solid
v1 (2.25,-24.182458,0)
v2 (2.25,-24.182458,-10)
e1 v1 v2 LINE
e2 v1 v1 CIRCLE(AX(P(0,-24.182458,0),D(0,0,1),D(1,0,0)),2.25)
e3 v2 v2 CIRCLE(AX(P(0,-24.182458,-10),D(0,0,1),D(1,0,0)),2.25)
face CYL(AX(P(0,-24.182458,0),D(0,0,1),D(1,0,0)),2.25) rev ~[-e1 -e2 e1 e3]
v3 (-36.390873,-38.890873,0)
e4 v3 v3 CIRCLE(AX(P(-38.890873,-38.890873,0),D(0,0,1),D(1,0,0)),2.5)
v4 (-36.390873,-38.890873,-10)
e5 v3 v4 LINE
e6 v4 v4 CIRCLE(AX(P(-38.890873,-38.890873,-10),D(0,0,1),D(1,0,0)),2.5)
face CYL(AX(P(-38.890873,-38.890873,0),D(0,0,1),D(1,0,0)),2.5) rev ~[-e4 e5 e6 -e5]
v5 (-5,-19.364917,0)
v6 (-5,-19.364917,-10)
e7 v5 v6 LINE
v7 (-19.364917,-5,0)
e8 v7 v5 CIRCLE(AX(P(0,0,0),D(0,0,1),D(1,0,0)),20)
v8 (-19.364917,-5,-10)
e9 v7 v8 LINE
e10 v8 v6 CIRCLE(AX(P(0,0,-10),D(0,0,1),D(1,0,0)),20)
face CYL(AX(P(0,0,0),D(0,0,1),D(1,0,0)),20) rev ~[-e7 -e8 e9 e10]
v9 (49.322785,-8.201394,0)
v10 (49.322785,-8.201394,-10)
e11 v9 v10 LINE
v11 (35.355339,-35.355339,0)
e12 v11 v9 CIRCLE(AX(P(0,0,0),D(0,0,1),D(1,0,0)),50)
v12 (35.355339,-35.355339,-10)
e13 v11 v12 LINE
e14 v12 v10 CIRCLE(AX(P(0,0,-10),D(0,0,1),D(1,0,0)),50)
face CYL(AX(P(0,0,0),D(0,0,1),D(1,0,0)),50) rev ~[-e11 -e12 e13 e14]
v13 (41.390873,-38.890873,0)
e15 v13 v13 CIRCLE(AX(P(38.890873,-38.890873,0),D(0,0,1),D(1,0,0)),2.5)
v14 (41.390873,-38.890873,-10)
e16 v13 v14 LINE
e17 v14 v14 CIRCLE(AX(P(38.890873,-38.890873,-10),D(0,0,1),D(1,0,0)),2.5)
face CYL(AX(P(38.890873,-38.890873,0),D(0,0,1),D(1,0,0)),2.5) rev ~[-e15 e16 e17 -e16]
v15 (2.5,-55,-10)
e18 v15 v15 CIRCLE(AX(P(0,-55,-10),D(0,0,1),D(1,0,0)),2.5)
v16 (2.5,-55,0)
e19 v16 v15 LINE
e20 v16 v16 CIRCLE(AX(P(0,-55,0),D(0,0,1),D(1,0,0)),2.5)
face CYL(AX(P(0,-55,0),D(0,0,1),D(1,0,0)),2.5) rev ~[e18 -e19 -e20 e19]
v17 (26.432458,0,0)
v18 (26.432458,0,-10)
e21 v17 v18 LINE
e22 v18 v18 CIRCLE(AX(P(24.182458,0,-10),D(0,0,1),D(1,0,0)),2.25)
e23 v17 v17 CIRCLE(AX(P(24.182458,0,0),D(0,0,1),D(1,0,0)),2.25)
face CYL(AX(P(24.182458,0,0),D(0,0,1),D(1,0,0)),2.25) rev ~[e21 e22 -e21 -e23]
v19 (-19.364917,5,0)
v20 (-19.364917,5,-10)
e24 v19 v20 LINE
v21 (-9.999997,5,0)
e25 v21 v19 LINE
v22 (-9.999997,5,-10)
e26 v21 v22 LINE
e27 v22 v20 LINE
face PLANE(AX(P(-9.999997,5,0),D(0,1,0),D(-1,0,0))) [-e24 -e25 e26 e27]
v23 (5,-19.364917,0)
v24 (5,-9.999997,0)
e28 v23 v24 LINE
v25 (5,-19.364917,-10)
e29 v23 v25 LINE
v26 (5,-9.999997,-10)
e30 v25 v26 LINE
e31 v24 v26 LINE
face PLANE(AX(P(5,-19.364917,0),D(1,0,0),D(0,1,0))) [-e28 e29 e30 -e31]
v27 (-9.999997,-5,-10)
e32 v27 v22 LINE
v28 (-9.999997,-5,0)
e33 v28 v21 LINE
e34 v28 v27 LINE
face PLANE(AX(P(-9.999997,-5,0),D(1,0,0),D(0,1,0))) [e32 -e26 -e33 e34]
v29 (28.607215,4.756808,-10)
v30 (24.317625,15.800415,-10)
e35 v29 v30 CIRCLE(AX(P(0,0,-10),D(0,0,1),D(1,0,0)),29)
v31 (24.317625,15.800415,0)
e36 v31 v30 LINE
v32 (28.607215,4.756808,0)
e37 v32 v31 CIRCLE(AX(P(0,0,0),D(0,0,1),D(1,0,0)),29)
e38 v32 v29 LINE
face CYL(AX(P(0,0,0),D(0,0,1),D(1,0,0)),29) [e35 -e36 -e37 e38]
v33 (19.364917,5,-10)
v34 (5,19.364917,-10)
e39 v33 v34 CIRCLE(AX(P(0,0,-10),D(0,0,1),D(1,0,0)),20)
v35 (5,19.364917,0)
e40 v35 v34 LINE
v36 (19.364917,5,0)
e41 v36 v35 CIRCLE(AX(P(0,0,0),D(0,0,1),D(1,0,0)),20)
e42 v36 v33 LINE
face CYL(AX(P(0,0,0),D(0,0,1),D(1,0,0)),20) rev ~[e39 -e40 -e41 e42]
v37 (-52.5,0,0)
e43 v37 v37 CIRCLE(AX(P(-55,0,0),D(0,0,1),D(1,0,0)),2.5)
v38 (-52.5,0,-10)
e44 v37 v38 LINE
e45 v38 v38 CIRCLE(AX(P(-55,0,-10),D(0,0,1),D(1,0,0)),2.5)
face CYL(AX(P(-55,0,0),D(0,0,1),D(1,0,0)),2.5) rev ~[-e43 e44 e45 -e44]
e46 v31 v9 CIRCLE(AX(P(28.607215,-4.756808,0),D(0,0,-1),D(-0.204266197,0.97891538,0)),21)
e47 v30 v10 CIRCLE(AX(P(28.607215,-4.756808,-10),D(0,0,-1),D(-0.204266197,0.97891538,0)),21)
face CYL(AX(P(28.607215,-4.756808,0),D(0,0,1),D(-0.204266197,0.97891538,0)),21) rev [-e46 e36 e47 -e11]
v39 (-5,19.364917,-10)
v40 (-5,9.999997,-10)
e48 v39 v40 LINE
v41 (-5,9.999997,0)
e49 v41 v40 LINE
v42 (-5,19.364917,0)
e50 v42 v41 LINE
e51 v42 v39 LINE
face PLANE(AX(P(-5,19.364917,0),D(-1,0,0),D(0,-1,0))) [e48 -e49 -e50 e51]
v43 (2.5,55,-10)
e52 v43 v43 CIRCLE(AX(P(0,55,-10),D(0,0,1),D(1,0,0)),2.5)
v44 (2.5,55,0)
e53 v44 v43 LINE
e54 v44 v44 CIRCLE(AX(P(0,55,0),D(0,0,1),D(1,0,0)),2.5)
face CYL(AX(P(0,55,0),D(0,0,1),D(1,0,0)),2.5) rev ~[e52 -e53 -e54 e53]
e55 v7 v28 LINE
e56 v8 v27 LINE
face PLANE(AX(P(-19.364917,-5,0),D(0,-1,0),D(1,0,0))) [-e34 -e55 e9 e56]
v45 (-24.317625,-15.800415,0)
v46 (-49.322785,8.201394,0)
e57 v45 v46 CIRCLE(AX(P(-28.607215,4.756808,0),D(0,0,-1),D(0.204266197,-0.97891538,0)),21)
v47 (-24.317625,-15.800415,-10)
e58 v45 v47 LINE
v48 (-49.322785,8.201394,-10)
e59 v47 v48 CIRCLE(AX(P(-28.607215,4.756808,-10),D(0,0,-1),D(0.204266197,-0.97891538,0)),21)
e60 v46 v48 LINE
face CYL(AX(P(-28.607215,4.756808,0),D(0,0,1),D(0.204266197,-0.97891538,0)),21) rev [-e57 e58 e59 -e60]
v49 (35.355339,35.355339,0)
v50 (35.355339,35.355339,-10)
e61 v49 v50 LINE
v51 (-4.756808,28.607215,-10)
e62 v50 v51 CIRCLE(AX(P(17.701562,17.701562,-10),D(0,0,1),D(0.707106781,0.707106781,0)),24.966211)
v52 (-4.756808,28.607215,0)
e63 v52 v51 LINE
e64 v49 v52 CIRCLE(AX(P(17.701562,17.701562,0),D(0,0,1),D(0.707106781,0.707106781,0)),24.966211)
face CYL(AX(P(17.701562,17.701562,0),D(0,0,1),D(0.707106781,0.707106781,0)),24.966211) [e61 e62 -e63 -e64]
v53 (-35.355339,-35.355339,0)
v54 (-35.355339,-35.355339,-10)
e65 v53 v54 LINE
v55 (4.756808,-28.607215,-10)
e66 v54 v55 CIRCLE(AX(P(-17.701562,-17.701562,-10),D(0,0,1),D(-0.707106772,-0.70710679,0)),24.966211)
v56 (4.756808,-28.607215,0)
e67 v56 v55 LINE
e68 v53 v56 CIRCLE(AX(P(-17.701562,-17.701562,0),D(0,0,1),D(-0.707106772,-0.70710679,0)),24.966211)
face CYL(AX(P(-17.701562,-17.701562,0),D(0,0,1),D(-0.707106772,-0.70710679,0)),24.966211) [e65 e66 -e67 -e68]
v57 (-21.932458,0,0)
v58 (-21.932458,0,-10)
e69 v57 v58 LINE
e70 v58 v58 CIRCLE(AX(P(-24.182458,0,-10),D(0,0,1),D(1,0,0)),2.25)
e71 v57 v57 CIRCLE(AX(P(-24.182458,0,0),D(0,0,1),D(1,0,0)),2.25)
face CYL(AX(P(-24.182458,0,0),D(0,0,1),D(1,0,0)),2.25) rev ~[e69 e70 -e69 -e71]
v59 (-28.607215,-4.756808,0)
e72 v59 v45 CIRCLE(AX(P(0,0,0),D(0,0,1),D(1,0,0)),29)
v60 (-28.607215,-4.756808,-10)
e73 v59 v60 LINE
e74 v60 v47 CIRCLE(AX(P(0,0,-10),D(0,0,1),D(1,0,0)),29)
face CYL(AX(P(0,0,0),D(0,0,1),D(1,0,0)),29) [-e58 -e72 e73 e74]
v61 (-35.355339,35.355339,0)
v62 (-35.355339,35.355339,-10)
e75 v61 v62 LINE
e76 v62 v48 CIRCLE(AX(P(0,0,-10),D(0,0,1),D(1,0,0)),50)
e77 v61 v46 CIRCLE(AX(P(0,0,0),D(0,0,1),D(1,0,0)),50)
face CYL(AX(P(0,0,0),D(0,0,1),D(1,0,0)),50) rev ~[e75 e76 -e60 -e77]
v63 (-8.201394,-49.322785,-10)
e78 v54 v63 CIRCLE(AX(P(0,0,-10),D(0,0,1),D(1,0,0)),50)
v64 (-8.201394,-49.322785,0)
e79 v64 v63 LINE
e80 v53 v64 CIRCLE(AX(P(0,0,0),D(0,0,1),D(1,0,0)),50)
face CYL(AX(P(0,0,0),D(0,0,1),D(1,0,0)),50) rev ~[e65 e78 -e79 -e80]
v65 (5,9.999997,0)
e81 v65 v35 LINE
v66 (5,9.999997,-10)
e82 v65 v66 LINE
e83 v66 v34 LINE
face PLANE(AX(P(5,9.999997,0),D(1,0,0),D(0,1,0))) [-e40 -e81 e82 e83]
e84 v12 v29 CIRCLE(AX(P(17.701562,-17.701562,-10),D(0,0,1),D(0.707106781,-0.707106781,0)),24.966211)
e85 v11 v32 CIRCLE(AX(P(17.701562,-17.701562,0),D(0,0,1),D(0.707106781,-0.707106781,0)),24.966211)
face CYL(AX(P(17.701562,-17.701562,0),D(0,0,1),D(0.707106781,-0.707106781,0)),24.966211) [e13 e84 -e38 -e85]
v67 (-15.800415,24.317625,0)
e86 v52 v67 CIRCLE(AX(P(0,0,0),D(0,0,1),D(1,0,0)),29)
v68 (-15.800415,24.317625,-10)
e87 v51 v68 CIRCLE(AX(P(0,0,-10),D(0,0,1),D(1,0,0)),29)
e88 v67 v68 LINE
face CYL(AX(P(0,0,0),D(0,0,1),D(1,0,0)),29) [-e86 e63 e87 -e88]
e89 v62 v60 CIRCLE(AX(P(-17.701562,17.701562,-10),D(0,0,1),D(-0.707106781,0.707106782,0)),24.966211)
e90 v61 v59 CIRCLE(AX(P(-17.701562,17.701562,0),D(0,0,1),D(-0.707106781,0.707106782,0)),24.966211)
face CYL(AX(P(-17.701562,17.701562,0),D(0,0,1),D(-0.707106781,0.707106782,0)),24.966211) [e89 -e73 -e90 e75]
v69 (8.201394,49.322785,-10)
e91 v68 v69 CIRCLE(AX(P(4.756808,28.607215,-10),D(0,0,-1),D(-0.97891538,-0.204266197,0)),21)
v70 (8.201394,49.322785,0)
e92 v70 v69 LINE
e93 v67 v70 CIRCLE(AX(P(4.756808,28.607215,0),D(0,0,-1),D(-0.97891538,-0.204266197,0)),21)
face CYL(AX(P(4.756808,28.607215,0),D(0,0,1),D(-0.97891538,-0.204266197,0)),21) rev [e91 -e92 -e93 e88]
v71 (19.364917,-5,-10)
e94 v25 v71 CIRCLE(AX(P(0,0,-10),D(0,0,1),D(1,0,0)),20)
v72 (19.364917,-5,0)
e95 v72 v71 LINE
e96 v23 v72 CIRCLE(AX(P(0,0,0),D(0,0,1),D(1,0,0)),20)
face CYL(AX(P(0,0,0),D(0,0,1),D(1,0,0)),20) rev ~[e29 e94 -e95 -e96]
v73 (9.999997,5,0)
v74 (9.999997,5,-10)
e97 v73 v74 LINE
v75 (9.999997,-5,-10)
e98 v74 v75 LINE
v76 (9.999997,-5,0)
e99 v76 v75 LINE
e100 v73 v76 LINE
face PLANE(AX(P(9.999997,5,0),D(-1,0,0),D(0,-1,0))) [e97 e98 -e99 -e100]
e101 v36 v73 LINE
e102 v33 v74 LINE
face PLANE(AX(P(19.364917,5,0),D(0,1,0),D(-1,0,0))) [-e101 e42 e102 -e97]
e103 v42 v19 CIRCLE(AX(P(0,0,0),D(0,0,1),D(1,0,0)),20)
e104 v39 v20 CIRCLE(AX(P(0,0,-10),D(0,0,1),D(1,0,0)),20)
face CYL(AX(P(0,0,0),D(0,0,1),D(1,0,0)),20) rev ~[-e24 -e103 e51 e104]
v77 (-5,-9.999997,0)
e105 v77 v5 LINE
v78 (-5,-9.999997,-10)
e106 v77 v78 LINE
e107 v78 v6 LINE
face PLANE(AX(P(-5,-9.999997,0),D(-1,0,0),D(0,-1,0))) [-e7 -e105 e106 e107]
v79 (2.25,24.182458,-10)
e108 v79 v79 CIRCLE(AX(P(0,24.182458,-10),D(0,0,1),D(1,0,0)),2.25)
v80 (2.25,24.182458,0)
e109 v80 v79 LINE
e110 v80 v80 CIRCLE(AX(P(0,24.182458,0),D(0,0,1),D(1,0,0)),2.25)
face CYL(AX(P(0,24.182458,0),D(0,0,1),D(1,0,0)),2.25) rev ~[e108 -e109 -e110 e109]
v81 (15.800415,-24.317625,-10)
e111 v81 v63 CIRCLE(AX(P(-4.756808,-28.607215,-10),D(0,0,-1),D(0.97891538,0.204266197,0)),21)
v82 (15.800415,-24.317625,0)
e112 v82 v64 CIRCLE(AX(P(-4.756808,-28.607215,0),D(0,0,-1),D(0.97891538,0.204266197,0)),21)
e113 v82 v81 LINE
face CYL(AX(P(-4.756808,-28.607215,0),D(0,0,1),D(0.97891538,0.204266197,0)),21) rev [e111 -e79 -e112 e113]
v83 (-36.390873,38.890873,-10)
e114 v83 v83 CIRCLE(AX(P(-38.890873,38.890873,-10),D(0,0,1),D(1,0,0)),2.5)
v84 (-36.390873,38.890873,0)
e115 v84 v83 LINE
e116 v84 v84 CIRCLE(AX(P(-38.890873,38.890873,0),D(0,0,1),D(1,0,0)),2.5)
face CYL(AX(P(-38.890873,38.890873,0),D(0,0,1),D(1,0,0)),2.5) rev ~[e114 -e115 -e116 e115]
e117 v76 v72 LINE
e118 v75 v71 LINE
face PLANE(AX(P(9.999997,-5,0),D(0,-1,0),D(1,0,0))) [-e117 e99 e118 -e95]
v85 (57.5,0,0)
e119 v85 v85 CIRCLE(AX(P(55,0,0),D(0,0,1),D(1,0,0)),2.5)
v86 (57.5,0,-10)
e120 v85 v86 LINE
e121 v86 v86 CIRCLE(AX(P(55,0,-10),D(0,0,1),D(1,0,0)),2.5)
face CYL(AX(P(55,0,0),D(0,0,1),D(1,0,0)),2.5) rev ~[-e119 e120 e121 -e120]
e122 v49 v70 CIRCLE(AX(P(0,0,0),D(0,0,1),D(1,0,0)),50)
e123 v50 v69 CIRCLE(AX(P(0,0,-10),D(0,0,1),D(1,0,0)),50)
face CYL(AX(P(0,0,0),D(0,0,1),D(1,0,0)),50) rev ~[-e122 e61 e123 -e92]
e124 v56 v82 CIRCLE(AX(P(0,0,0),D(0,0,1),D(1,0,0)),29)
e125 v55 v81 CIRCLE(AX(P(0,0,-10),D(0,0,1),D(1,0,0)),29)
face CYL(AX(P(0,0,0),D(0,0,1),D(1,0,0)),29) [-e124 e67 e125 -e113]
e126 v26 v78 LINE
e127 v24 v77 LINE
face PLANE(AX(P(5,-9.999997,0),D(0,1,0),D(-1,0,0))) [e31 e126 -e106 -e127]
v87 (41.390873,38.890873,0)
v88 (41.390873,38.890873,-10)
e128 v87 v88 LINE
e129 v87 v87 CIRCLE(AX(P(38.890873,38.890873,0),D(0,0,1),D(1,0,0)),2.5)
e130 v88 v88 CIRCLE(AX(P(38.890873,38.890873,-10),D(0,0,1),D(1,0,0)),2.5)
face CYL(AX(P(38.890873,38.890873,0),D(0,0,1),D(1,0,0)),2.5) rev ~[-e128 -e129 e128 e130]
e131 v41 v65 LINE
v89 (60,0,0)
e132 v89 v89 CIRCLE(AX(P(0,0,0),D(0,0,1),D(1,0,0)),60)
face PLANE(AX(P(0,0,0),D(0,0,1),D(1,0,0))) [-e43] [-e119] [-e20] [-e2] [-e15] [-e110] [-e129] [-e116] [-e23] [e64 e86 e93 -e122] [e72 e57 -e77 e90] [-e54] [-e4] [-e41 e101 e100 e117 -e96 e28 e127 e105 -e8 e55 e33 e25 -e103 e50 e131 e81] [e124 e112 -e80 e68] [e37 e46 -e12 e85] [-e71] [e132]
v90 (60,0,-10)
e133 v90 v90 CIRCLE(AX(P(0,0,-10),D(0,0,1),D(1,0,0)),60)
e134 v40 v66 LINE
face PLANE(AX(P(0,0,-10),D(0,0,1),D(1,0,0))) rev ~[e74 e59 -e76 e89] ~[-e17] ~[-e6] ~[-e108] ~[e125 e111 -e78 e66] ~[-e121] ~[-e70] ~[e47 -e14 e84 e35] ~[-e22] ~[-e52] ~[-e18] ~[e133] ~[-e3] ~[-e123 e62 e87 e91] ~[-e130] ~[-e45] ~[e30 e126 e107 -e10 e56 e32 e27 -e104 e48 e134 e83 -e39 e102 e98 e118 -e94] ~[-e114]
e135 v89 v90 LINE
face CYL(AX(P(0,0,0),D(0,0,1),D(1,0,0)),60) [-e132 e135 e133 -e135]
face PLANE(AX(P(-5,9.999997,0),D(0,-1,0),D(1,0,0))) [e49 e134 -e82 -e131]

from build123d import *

# Parameters (mm, degrees)
SKETCH6_R                        = 29
SKETCH6_R_2                      = 20
INNER_RING_DEPTH                 = 10
MOTOR_CONNECTOR_CUT_DEPTH        = 10
SKETCH8_R                        = 2.25
MOTOR_CONNECTOR_HOLES_DEPTH      = 1
MOTOR_CONNECTOR_HOLES_DEPTH_BACK = 18
MIDDLE_PATTERN_DEPTH             = 10
SKETCH9_R                        = 60
SKETCH9_R_2                      = 50
SKETCH9_R_3                      = 2.5
BOSS_EXTRUDE1_DEPTH              = 10


with BuildPart() as part:
    # Sketch6 → Inner Ring (new body)
    with BuildSketch(Plane.XY):
        Circle(SKETCH6_R)
        Circle(SKETCH6_R_2, mode=Mode.SUBTRACT)
    extrude(amount=-INNER_RING_DEPTH)

    # Sketch7 → Motor Connector Cut (add)
    with BuildSketch(Plane.XY):
        with BuildLine():
            ThreePointArc((20, 0), (19.840593925, 2.52008585), (19.364916731, 5))
            Line((19.364916731, 5), (9.999996731, 5))
            Line((9.999996731, 5), (9.999996731, -5))
            Line((9.999996731, -5), (19.364916731, -5))
            ThreePointArc((19.364916731, -5), (19.840593925, -2.52008585), (20, 0))
        make_face()
        with BuildLine():
            ThreePointArc((5, 19.364916731), (0, 20), (-5, 19.364916731))
            Line((-5, 19.364916731), (-5, 9.999996731))
            Line((-5, 9.999996731), (5, 9.999996731))
            Line((5, 9.999996731), (5, 19.364916731))
        make_face()
        with BuildLine():
            Line((-9.999996731, -5), (-9.999996731, 5))
            Line((-9.999996731, 5), (-19.364916731, 5))
            ThreePointArc((-19.364916731, 5), (-20, 0), (-19.364916731, -5))
            Line((-19.364916731, -5), (-9.999996731, -5))
        make_face()
        with BuildLine():
            Line((-5, -9.999996731), (-5, -19.364916731))
            ThreePointArc((-5, -19.364916731), (0, -20), (5, -19.364916731))
            Line((5, -19.364916731), (5, -9.999996731))
            Line((5, -9.999996731), (-5, -9.999996731))
        make_face()
    extrude(amount=-MOTOR_CONNECTOR_CUT_DEPTH)

    # Sketch8 → Motor Connector Holes (cut, two sides)
    with BuildSketch(Plane.XY) as motor_connector_holes_sk:
        with Locations((0, 24.182458366)):
            Circle(SKETCH8_R)
        with Locations((24.182458366, 0)):
            Circle(SKETCH8_R)
        with Locations((0, -24.182458366)):
            Circle(SKETCH8_R)
        with Locations((-24.182458366, 0)):
            Circle(SKETCH8_R)
    extrude(amount=MOTOR_CONNECTOR_HOLES_DEPTH, mode=Mode.SUBTRACT)
    extrude(motor_connector_holes_sk.sketch, amount=-MOTOR_CONNECTOR_HOLES_DEPTH_BACK, mode=Mode.SUBTRACT)

    # Sketch10 → Middle Pattern (add)
    with BuildSketch(Plane.XY):
        with BuildLine():
            ThreePointArc((28.607215414, 4.756808408), (26.539406056, -11.690163651), (15.800414568, -24.317625284))
            ThreePointArc((15.800414568, -24.317625284), (10.393277118, -43.149392299), (-8.201394307, -49.322785114))
            ThreePointArc((-8.201394307, -49.322785114), (15.267827816, -47.611904328), (35.355339059, -35.355339059))
            ThreePointArc((35.355339059, -35.355339059), (42.321804958, -13.559663633), (28.607215414, 4.756808408))
        make_face()
        with BuildLine():
            ThreePointArc((24.317625284, 15.800414568), (43.149392359, 10.39327706), (49.322785087, -8.201394473))
            ThreePointArc((49.322785087, -8.201394473), (47.611904354, 15.267827736), (35.355339059, 35.355339059))
            ThreePointArc((35.355339059, 35.355339059), (13.559663633, 42.321804958), (-4.756808408, 28.607215414))
            ThreePointArc((-4.756808408, 28.607215414), (11.690163651, 26.539406056), (24.317625284, 15.800414568))
        make_face()
        with BuildLine():
            ThreePointArc((8.201394106, 49.322785148), (-15.267827902, 47.611904301), (-35.355339044, 35.355339075))
            ThreePointArc((-35.355339044, 35.355339075), (-42.32180496, 13.559663644), (-28.607215414, -4.756808408))
            ThreePointArc((-28.607215414, -4.756808408), (-26.539406056, 11.690163651), (-15.800414568, 24.317625284))
            ThreePointArc((-15.800414568, 24.317625284), (-10.393277189, 43.149392225), (8.201394106, 49.322785148))
        make_face()
        with BuildLine():
            ThreePointArc((4.756808408, -28.607215414), (-11.690163651, -26.539406056), (-24.317625284, -15.800414568))
            ThreePointArc((-24.317625284, -15.800414568), (-43.149392012, -10.393277393), (-49.322785244, 8.201393524))
            ThreePointArc((-49.322785244, 8.201393524), (-47.61190416, -15.267828343), (-35.355338839, -35.35533928))
            ThreePointArc((-35.355338839, -35.35533928), (-13.559663479, -42.321804932), (4.756808408, -28.607215414))
        make_face()
    extrude(amount=-MIDDLE_PATTERN_DEPTH)

    # Sketch9 → Boss-Extrude1 (add)
    with BuildSketch(Plane.XY):
        Circle(SKETCH9_R)
        Circle(SKETCH9_R_2, mode=Mode.SUBTRACT)
        with Locations((0, 55)):
            Circle(SKETCH9_R_3, mode=Mode.SUBTRACT)
        with Locations((-38.890872965, 38.890872965)):
            Circle(SKETCH9_R_3, mode=Mode.SUBTRACT)
        with Locations((-55, 0)):
            Circle(SKETCH9_R_3, mode=Mode.SUBTRACT)
        with Locations((-38.890872965, -38.890872965)):
            Circle(SKETCH9_R_3, mode=Mode.SUBTRACT)
        with Locations((0, -55)):
            Circle(SKETCH9_R_3, mode=Mode.SUBTRACT)
        with Locations((38.890872965, -38.890872965)):
            Circle(SKETCH9_R_3, mode=Mode.SUBTRACT)
        with Locations((55, 0)):
            Circle(SKETCH9_R_3, mode=Mode.SUBTRACT)
        with Locations((38.890872965, 38.890872965)):
            Circle(SKETCH9_R_3, mode=Mode.SUBTRACT)
    extrude(amount=-BOSS_EXTRUDE1_DEPTH)


solid = part.part
